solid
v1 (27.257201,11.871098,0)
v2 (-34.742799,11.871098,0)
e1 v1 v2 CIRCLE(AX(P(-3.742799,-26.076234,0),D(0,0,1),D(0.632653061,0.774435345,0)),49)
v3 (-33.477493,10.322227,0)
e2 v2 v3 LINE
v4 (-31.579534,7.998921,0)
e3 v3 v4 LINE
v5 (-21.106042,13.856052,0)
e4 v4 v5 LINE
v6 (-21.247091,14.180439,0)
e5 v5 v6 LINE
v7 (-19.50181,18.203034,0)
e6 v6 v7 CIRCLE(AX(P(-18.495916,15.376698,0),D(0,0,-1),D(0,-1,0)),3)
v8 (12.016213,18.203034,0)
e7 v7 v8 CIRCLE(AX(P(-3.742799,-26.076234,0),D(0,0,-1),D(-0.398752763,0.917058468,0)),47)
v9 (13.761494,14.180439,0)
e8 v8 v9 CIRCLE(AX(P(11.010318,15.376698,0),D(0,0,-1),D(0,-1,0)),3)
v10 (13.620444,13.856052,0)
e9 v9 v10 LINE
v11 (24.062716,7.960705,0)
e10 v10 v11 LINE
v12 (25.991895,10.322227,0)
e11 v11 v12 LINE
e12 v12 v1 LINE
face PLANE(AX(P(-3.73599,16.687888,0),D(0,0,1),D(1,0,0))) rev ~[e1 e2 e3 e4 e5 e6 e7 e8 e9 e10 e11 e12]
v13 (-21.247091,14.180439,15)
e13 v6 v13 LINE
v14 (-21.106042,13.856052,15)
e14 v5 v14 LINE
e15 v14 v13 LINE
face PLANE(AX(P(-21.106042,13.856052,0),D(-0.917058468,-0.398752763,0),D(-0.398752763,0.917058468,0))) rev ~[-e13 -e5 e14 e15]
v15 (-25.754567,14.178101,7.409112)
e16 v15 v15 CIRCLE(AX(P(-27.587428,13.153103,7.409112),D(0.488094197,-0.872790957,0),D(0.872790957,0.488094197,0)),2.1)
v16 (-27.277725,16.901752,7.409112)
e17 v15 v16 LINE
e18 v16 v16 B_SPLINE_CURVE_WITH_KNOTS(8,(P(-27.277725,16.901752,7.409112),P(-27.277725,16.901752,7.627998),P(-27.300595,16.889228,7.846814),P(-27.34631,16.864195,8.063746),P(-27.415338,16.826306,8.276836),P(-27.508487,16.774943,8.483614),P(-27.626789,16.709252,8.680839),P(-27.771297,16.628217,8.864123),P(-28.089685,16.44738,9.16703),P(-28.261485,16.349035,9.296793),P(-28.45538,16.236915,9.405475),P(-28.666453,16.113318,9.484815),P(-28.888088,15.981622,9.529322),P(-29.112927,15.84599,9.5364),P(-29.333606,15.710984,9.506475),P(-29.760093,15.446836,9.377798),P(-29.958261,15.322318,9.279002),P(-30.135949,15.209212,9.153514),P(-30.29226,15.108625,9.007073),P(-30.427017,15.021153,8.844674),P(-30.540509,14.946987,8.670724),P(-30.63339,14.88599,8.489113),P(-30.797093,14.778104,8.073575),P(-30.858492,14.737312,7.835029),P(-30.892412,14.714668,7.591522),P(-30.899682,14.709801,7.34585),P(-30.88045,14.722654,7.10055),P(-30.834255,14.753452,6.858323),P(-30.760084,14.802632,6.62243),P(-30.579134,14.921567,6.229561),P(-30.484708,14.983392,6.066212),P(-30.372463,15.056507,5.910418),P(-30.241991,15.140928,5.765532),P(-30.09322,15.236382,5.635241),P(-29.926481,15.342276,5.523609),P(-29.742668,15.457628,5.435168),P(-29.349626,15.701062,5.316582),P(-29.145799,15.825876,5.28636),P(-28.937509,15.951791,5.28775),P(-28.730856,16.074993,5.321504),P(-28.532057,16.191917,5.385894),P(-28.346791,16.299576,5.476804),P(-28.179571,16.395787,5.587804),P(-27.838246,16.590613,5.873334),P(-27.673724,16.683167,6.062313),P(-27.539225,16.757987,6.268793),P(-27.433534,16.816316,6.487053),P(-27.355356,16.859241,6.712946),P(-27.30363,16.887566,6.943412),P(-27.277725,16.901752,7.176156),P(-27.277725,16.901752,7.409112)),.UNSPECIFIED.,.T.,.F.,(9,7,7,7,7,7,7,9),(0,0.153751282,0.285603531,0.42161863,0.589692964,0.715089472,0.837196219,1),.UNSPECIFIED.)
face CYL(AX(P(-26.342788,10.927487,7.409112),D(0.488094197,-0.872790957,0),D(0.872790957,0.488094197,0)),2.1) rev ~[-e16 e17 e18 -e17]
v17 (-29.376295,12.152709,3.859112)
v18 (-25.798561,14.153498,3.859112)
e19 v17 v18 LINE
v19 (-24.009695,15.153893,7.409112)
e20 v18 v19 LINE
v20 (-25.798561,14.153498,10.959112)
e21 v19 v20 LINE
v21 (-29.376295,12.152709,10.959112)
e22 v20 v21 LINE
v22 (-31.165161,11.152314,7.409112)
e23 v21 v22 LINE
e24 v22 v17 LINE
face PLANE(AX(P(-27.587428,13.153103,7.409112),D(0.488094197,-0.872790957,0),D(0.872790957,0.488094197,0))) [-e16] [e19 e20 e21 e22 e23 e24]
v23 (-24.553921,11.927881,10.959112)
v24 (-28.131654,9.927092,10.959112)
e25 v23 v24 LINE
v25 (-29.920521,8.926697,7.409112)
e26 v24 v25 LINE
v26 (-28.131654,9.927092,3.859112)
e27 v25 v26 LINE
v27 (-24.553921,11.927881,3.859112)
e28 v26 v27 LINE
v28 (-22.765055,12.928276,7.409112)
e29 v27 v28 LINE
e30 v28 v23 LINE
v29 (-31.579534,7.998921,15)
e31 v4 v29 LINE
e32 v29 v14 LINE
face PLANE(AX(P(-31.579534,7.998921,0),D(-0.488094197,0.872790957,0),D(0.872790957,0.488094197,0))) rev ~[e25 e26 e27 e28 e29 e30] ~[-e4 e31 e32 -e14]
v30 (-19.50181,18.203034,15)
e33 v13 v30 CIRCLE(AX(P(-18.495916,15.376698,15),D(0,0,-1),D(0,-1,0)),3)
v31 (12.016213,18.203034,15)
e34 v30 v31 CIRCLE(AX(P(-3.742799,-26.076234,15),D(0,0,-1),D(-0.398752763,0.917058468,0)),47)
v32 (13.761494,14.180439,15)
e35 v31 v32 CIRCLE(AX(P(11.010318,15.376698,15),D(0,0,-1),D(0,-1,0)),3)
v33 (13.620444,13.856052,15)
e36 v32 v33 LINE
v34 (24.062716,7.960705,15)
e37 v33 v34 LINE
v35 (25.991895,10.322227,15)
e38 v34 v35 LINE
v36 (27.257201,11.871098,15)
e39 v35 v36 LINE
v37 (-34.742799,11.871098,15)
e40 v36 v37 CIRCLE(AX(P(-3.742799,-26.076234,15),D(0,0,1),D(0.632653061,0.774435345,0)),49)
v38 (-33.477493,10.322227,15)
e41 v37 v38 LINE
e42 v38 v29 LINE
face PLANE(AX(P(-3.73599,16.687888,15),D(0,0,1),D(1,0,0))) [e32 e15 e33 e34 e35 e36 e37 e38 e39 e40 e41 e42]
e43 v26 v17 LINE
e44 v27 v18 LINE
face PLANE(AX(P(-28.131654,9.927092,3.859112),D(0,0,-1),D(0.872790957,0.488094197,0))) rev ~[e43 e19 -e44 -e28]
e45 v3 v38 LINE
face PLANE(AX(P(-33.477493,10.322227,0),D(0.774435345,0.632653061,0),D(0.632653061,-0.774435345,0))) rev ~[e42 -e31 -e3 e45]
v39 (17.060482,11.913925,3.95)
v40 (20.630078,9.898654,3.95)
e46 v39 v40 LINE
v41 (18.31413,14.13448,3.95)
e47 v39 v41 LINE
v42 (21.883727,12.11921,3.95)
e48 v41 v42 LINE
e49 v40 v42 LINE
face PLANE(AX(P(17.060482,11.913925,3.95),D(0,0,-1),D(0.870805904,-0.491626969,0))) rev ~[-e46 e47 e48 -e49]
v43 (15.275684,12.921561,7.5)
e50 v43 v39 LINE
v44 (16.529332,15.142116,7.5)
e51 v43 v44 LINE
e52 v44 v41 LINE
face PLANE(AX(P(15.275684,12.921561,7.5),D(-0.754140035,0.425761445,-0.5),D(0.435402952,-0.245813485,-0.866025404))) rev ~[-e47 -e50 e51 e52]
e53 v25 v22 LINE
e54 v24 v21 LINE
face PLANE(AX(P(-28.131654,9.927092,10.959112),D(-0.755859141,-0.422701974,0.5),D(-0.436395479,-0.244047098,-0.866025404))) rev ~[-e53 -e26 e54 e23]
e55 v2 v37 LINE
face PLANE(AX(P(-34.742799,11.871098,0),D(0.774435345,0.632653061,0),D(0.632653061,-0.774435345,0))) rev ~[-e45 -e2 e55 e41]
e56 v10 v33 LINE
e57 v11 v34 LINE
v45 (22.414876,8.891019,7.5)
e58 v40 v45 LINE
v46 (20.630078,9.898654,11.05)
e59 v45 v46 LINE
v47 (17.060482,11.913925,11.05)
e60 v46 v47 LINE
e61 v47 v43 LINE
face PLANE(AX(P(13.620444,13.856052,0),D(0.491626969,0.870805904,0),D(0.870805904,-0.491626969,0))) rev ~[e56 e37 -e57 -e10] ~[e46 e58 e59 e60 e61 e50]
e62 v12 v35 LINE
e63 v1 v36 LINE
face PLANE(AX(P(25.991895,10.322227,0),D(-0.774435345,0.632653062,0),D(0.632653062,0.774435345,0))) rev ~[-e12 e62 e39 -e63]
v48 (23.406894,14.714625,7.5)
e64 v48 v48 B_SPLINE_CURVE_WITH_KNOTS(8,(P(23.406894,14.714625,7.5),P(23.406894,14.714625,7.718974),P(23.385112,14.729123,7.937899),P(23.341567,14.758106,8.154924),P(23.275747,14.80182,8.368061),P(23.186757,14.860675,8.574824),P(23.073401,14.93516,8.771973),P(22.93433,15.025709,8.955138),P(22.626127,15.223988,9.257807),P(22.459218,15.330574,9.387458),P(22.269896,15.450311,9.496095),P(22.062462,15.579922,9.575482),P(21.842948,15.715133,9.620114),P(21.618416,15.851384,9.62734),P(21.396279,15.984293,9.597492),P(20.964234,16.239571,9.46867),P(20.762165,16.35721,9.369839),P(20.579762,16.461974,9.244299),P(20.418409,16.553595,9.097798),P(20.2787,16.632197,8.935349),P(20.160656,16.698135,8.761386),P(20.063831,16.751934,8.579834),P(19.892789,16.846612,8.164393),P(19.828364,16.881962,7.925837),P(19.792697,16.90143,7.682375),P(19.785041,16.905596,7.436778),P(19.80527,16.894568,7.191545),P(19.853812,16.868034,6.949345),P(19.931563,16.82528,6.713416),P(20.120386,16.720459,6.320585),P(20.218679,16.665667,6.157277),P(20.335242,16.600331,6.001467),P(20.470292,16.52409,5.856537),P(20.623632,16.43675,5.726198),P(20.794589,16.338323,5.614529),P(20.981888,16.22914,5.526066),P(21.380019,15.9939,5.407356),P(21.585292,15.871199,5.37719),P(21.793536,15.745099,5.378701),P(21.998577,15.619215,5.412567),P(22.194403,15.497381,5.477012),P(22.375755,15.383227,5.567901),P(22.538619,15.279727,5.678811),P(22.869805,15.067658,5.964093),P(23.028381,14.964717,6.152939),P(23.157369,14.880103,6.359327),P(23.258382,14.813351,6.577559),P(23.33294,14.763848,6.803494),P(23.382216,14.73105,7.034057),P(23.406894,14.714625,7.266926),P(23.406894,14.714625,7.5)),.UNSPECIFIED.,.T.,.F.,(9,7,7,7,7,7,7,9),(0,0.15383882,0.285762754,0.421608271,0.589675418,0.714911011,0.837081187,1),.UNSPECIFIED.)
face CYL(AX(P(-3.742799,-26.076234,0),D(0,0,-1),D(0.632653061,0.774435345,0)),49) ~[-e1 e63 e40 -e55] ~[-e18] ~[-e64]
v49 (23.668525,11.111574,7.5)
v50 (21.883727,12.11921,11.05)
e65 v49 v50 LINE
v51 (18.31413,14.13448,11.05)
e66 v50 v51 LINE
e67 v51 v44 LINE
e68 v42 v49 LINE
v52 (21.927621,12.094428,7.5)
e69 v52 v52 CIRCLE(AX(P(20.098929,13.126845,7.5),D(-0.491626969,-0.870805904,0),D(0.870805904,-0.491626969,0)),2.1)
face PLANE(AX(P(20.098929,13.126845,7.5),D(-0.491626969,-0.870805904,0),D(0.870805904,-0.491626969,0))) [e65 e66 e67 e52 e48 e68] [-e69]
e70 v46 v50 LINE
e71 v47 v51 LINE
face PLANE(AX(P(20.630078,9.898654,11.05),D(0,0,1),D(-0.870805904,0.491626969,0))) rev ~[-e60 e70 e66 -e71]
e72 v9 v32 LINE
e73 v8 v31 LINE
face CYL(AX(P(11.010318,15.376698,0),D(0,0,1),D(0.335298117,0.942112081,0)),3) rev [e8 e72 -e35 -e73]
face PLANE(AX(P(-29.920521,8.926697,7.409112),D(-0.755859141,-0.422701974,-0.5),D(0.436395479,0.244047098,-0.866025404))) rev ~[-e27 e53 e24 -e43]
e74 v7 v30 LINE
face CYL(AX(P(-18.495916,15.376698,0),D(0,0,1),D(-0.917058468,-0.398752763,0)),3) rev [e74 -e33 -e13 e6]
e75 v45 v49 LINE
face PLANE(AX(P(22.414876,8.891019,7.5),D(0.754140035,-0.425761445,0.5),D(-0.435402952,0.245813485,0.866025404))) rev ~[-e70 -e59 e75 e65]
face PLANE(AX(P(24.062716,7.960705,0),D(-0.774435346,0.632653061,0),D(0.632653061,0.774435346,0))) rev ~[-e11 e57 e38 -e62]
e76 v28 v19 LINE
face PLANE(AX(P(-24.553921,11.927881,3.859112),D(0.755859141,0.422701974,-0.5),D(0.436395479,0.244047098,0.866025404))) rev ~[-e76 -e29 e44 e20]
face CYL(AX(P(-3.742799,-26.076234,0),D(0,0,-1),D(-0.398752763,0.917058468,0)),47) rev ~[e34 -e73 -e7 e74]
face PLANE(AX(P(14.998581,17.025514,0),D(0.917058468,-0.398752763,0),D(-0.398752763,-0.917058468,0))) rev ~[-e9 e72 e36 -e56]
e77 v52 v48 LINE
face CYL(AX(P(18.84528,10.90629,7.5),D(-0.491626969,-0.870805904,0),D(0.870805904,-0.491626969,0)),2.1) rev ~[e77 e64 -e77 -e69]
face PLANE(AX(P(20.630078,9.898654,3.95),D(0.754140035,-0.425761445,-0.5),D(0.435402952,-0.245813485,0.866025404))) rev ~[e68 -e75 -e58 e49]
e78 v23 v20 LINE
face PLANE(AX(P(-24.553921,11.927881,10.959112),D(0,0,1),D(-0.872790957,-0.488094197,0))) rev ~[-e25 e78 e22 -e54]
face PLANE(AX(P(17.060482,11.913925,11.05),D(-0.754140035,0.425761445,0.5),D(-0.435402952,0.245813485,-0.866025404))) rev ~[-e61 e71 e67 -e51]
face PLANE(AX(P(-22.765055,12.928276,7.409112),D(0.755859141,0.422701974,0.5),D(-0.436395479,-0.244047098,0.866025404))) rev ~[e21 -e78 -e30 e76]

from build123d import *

# Parameters (mm, degrees)
EXTRUDE_2_DEPTH     = 15
FILLET_2_R          = 3
SKETCH_6_R          = 2.1
CUT_EXTRUDE_5_DEPTH = 13.55
SKETCH_7_R          = 2.1
CUT_EXTRUDE_6_DEPTH = 13.55
CUT_EXTRUDE_7_DEPTH = 2.55
CUT_EXTRUDE_8_DEPTH = 2.55


with BuildPart() as part:
    # Эскиз1 → Бобышка-Вытянуть2 (new body)
    with BuildSketch(Plane.XY):
        with BuildLine():
            Line((-34.742798859, 11.871098047), (-33.477492737, 10.322227357))
            Line((-33.477492737, 10.322227357), (-31.579533553, 7.998921321))
            Line((-31.579533553, 7.998921321), (-21.106042067, 13.856051683))
            Line((-21.106042067, 13.856051683), (-22.484178739, 17.02551412))
            ThreePointArc((-22.484178739, 17.02551412), (-3.742798859, 20.923766125), (14.99858102, 17.02551412))
            Line((14.99858102, 17.02551412), (13.620444348, 13.856051683))
            Line((13.620444348, 13.856051683), (24.062716277, 7.960705226))
            Line((24.062716277, 7.960705226), (25.991895018, 10.322227357))
            Line((25.991895018, 10.322227357), (27.257201141, 11.871098047))
            ThreePointArc((27.257201141, 11.871098047), (-3.742798859, 22.923766125), (-34.742798859, 11.871098047))
        make_face()
    extrude(amount=EXTRUDE_2_DEPTH)

    # Скругление2
    fillet_2_edges = [part.edges().sort_by_distance(p)[0] for p in [
        (14.99858102, 17.02551412, 7.5),
        (-22.484178739, 17.02551412, 7.5),
    ]]
    fillet(fillet_2_edges, radius=FILLET_2_R)

    # Эскиз6 → Вырез-Вытянуть5 (cut)
    with BuildSketch(Plane(origin=(9.223958982, 16.338155636, 0), x_dir=(0.8708059042632018, -0.4916269694599224, 0), z_dir=(-0.49162696945992235, -0.8708059042632017, 0))):
        with Locations((11.048754659, 7.5)):
            Circle(SKETCH_6_R)
    extrude(amount=-CUT_EXTRUDE_5_DEPTH, mode=Mode.SUBTRACT)

    # Эскиз7 → Вырез-Вытянуть6 (cut)
    with BuildSketch(Plane(origin=(-10.930954108, 19.546304709, 0), x_dir=(0.8727909572035157, 0.48809419687573696, 0), z_dir=(0.488094196875737, -0.8727909572035158, 0))):
        with Locations((-17.65810424, 7.409111806)):
            Circle(SKETCH_7_R)
    extrude(amount=-CUT_EXTRUDE_6_DEPTH, mode=Mode.SUBTRACT)

    # Эскиз8 → Вырез-Вытянуть7 (cut)
    with BuildSketch(Plane(origin=(-10.930954108, 19.546304709, 0), x_dir=(0.8727909572035158, 0.488094196875737, 0), z_dir=(0.488094196875737, -0.8727909572035158, 0))):
        Polygon((-19.707697696, 3.859111806), (-15.608510784, 3.859111806), (-13.558917329, 7.409111806), (-15.608510784, 10.959111806), (-19.707697696, 10.959111806), (-21.757291151, 7.409111806), align=None)
    extrude(amount=-CUT_EXTRUDE_7_DEPTH, mode=Mode.SUBTRACT)

    # Эскиз9 → Вырез-Вытянуть8 (cut)
    with BuildSketch(Plane(origin=(9.223958982, 16.338155636, 0), x_dir=(0.8708059042632018, -0.49162696945992246, 0), z_dir=(-0.4916269694599224, -0.8708059042632017, 0))):
        Polygon((8.999161204, 3.95), (13.098348115, 3.95), (15.147941571, 7.5), (13.098348115, 11.05), (8.999161204, 11.05), (6.949567748, 7.5), align=None)
    extrude(amount=-CUT_EXTRUDE_8_DEPTH, mode=Mode.SUBTRACT)


solid = part.part
